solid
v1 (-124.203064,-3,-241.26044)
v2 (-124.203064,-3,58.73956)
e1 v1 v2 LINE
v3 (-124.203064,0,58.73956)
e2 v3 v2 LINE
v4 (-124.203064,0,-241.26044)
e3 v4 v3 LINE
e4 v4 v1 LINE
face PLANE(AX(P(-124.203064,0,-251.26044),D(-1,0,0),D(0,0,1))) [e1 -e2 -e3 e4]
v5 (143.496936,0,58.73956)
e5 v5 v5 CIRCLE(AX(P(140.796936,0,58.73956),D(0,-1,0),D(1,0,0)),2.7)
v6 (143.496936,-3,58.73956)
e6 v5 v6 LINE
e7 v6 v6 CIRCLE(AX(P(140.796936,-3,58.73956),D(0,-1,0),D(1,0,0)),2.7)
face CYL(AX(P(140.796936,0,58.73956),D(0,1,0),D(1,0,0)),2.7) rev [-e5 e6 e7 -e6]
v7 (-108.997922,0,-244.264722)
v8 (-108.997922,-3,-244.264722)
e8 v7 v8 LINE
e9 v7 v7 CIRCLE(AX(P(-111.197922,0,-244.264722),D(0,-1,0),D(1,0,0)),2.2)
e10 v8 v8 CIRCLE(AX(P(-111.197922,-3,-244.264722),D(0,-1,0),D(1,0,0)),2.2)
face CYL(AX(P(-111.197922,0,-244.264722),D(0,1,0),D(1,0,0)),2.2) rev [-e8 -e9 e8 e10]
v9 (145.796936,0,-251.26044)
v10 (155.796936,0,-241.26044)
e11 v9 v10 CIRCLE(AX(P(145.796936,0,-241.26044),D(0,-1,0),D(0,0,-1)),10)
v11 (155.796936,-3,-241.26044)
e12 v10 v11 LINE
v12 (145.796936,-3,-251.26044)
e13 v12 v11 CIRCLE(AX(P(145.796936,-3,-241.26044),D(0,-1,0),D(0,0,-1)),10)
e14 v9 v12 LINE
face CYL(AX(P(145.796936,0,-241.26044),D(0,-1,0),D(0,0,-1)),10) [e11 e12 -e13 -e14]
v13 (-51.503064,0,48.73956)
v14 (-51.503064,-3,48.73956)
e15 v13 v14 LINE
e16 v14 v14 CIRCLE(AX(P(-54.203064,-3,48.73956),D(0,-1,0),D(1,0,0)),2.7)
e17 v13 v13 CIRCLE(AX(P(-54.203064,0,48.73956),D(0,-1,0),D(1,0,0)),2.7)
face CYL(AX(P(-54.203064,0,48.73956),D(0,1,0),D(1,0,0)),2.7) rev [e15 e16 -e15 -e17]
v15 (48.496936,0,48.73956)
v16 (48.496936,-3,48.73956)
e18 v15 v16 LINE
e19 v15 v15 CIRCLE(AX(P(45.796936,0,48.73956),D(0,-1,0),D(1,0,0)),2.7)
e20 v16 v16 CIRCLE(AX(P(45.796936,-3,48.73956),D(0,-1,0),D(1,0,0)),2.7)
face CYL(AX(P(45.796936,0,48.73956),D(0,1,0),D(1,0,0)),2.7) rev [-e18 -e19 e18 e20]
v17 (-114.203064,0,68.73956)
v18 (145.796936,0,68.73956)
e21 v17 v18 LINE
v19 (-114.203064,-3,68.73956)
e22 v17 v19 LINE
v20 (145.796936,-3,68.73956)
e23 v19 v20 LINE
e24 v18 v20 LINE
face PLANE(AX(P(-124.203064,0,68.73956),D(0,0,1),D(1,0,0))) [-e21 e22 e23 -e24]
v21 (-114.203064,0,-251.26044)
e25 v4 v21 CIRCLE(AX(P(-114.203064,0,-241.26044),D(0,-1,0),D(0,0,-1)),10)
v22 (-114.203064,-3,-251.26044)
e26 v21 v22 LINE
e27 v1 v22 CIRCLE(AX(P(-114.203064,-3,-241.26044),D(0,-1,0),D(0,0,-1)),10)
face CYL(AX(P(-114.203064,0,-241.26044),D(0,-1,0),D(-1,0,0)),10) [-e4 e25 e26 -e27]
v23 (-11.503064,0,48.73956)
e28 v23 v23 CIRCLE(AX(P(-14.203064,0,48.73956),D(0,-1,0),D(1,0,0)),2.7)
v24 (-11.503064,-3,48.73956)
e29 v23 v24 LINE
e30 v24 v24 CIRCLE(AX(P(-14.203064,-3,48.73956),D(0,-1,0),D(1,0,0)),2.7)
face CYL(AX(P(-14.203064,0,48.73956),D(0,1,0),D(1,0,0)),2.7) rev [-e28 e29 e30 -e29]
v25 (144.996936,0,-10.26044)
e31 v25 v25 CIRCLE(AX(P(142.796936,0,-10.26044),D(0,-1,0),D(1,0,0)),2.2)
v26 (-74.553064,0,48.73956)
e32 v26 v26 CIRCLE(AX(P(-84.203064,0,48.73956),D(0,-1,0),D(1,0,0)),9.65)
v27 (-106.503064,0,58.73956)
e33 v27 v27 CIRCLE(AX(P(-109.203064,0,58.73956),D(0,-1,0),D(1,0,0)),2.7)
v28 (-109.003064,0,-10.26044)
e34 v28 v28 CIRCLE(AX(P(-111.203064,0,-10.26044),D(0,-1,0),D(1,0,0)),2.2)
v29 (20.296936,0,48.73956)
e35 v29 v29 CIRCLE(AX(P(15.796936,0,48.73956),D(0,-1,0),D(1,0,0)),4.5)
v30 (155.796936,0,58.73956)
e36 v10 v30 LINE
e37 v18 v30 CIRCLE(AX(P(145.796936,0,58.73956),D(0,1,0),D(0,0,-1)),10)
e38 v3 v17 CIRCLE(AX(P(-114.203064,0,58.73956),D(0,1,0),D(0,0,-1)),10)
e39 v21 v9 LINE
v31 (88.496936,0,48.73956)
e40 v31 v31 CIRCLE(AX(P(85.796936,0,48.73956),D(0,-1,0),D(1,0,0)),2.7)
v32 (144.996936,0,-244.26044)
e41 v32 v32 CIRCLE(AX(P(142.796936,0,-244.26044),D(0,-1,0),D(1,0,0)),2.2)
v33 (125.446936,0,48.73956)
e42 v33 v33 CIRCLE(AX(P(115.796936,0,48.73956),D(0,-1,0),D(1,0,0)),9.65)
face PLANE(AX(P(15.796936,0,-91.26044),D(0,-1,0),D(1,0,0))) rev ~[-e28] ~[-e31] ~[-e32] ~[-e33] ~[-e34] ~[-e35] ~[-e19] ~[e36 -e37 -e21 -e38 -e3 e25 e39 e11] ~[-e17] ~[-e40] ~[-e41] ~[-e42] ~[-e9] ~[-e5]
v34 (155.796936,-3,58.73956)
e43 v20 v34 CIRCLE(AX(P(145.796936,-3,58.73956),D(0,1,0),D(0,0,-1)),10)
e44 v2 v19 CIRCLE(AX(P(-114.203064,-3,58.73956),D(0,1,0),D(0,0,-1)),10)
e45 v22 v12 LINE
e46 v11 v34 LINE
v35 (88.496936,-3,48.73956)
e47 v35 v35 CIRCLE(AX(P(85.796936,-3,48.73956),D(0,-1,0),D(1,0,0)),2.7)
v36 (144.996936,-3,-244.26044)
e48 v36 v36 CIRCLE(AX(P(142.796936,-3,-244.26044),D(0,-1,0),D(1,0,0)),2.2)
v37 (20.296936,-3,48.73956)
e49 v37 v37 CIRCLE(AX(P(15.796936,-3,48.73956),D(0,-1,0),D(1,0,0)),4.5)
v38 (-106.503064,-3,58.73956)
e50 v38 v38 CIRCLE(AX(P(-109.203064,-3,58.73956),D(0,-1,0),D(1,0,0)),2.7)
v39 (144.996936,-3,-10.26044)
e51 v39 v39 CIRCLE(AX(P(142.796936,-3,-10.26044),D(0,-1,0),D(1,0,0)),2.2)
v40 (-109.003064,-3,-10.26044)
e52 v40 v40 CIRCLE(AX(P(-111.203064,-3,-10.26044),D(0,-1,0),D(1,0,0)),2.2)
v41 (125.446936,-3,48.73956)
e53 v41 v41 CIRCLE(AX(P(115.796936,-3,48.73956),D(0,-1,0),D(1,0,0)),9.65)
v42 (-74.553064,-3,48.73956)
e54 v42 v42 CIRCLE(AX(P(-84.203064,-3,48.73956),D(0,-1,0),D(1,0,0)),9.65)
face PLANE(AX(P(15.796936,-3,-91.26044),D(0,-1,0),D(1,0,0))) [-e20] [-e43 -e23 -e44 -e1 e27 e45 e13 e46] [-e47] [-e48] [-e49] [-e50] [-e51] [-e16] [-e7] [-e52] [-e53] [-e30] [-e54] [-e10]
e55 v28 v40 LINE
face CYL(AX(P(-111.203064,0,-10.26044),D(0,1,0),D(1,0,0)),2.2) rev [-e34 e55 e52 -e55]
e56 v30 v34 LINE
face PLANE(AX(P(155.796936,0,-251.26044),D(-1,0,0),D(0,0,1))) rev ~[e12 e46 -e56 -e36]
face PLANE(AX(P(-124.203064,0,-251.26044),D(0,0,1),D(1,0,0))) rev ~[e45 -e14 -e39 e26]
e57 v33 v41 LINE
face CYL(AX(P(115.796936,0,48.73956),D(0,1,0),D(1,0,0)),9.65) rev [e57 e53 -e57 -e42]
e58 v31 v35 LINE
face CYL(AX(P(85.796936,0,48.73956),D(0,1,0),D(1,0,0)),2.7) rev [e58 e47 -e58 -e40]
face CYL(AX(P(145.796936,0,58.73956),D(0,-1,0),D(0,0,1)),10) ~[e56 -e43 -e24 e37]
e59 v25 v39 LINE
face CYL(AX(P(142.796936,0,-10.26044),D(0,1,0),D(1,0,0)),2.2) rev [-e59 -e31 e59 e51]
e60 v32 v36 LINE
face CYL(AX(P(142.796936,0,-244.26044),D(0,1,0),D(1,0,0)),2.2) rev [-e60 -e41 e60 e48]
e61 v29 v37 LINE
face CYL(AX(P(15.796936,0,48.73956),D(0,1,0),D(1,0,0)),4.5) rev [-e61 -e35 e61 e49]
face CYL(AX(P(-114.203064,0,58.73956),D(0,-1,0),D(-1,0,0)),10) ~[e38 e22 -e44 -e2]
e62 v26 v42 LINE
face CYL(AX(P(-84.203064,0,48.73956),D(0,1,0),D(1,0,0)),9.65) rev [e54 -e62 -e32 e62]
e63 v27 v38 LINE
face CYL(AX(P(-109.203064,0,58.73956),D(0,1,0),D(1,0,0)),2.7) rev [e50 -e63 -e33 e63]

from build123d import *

# Parameters (mm, degrees)
F0_W     = 280
F0_H     = 320
F0_R     = 2.2
F0_R_2   = 2.7
F0_R_3   = 9.65
F0_R_4   = 4.5
F1_DEPTH = 3
F2_R     = 10


with BuildPart() as f1:
    # F0 (on Front) → F1 (new body)
    with BuildSketch(Plane.XZ):
        with Locations((15.796936, -91.26044)):
            Rectangle(F0_W, F0_H)
        with Locations((-111.197922, -244.264722)):
            Circle(F0_R, mode=Mode.SUBTRACT)
        with Locations((142.796936, -244.26044)):
            Circle(F0_R, mode=Mode.SUBTRACT)
        with Locations((-111.203064, -10.26044)):
            Circle(F0_R, mode=Mode.SUBTRACT)
        with Locations((-109.203064, 58.73956)):
            Circle(F0_R_2, mode=Mode.SUBTRACT)
        with Locations((-84.203064, 48.73956)):
            Circle(F0_R_3, mode=Mode.SUBTRACT)
        with Locations((-54.203064, 48.73956)):
            Circle(F0_R_2, mode=Mode.SUBTRACT)
        with Locations((-14.203064, 48.73956)):
            Circle(F0_R_2, mode=Mode.SUBTRACT)
        with Locations((15.796936, 48.73956)):
            Circle(F0_R_4, mode=Mode.SUBTRACT)
        with Locations((45.796936, 48.73956)):
            Circle(F0_R_2, mode=Mode.SUBTRACT)
        with Locations((85.796936, 48.73956)):
            Circle(F0_R_2, mode=Mode.SUBTRACT)
        with Locations((142.796936, -10.26044)):
            Circle(F0_R, mode=Mode.SUBTRACT)
        with Locations((115.796936, 48.73956)):
            Circle(F0_R_3, mode=Mode.SUBTRACT)
        with Locations((140.796936, 58.73956)):
            Circle(F0_R_2, mode=Mode.SUBTRACT)
    extrude(amount=F1_DEPTH)

    # F2
    f2_edges = [f1.edges().sort_by_distance(p)[0] for p in [
        (-124.203064, -1.5, 68.73956),
        (155.796936, -1.5, 68.73956),
        (155.796936, -1.5, -251.26044),
        (-124.203064, -1.5, -251.26044),
    ]]
    fillet(f2_edges, radius=F2_R)


solid = f1.part
